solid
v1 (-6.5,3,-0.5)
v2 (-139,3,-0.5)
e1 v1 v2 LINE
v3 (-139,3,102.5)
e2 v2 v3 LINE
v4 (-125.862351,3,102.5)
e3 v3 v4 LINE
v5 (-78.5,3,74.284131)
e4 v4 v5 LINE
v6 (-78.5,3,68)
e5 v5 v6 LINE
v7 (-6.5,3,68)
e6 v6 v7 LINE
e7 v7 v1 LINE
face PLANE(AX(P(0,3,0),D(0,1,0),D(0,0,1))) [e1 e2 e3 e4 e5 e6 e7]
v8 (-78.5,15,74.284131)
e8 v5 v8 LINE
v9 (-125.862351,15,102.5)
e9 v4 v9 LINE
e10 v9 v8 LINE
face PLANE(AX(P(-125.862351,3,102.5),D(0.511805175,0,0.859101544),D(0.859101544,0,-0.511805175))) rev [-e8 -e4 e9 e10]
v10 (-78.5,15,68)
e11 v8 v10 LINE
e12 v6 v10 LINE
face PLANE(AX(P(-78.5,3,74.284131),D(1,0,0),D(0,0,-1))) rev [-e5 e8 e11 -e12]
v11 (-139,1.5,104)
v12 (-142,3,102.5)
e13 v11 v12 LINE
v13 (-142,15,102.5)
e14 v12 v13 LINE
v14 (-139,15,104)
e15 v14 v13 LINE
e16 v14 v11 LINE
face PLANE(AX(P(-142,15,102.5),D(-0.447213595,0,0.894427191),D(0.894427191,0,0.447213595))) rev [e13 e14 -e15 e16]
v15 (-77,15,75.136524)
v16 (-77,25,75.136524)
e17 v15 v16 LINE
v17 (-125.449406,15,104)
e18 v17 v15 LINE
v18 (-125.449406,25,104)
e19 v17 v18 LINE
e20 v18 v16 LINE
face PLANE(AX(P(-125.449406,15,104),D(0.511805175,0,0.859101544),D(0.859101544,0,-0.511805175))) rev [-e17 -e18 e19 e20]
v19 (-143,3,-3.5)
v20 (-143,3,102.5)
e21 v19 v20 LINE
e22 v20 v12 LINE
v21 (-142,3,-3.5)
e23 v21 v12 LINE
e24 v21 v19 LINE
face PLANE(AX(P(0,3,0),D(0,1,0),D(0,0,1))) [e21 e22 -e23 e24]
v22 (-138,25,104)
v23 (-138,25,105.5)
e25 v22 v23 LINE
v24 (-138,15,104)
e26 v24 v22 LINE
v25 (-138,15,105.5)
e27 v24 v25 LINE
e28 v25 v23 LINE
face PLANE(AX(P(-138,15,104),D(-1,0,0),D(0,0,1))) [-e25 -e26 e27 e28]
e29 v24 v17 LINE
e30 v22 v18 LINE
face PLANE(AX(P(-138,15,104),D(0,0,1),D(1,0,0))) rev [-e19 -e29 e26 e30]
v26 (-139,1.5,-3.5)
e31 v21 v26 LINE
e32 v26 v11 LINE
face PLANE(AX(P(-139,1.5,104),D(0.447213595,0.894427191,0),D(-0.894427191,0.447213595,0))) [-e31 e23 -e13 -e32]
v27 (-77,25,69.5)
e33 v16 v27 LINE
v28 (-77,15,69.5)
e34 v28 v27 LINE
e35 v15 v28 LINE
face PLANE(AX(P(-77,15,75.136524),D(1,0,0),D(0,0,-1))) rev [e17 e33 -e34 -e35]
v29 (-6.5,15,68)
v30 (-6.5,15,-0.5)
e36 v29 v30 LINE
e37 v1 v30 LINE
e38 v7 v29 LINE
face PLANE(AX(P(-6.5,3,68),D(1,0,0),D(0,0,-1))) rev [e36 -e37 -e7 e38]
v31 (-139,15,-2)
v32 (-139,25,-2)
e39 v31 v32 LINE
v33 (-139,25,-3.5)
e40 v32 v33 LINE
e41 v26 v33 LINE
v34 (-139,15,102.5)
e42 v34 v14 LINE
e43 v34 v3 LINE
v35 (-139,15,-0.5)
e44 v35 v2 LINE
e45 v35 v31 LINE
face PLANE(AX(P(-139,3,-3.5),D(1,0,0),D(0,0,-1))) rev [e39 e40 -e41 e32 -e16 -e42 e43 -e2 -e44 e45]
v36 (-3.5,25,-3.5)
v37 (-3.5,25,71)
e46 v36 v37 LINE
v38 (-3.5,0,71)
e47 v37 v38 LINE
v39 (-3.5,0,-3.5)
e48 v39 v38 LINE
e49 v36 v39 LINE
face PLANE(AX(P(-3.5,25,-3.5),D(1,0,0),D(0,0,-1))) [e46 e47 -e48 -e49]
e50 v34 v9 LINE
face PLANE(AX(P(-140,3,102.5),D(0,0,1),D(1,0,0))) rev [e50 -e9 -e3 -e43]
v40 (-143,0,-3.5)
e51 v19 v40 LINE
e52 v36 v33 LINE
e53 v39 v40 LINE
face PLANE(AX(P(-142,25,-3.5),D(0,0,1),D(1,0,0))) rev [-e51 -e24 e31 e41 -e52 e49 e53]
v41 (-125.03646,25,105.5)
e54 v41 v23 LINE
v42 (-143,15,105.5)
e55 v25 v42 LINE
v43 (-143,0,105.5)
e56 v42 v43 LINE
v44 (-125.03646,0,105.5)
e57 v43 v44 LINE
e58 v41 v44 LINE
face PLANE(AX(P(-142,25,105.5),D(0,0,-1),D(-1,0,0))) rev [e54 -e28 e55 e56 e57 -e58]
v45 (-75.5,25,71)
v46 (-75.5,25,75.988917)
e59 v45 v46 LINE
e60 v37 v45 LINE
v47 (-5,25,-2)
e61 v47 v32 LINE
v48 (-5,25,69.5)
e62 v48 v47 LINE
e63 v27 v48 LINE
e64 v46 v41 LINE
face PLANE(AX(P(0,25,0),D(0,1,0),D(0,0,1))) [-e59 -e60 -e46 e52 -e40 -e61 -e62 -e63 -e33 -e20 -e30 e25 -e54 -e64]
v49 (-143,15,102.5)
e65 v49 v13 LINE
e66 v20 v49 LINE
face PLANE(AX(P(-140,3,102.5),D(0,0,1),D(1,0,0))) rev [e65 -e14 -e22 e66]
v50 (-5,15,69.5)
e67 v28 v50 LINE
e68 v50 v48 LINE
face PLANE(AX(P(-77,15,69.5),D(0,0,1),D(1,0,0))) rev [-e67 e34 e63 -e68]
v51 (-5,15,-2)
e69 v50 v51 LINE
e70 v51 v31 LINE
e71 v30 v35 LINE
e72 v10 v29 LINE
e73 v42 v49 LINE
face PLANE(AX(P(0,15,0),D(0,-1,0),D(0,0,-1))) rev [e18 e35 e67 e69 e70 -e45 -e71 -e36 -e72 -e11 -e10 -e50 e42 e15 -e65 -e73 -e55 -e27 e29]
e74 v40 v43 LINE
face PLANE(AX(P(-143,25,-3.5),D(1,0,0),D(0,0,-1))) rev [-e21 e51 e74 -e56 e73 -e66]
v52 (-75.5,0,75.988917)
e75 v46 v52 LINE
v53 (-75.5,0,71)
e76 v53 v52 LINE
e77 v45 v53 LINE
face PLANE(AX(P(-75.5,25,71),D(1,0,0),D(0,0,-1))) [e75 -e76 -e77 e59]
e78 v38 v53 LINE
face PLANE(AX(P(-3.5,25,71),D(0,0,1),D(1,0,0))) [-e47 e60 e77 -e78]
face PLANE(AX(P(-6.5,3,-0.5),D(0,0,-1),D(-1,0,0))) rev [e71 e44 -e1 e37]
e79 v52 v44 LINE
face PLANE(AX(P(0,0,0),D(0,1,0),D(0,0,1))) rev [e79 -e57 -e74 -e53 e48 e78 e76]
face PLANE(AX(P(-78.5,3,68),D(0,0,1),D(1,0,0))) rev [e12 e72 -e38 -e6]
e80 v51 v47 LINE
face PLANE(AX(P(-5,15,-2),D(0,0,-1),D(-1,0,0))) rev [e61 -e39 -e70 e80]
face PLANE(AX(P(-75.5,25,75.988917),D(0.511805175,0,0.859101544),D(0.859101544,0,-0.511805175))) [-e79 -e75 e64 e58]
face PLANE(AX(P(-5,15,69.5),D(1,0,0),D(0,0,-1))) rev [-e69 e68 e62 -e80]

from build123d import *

# Parameters (mm, degrees)
BOSS_EXTRUDE1_DEPTH = 25
CUT_EXTRUDE1_DEPTH  = 22
SKETCH7_W           = 4
SKETCH7_H           = 106
CUT_EXTRUDE2_DEPTH  = 22
SKETCH8_W           = 3
SKETCH8_H           = 106
CUT_EXTRUDE3_DEPTH  = 1.5
SKETCH9_W           = 3
SKETCH9_H           = 23.5
CUT_EXTRUDE4_DEPTH  = 1.5
CUT_EXTRUDE5_DEPTH  = 10
BOSS_EXTRUDE2_DEPTH = 13.5
BOSS_EXTRUDE3_DEPTH = 107.5


with BuildPart() as part:
    # PCB → Boss-Extrude1 (new body)
    with BuildSketch(Plane(origin=(0, 0, 0), x_dir=(1, 0, 0), z_dir=(0, 1, 0))):
        Polygon((-3.5, 3.5), (-3.5, -71), (-75.5, -71), (-75.5, -75.988917258), (-125.036460317, -105.5), (-142, -105.5), (-143, -105.5), (-143, 3.5), (-142, 3.5), align=None)
    extrude(amount=BOSS_EXTRUDE1_DEPTH)

    # Sketch4 → Cut-Extrude1 (cut)
    with BuildSketch(Plane(origin=(0, 25, 0), x_dir=(1, 0, 0), z_dir=(0, 1, 0))):
        Polygon((-6.5, 0.5), (-140, 0.5), (-140, -102.5), (-125.862351474, -102.5), (-78.5, -74.284131037), (-78.5, -68), (-6.5, -68), align=None)
    extrude(amount=-CUT_EXTRUDE1_DEPTH, mode=Mode.SUBTRACT)

    # Sketch7 → Cut-Extrude2 (cut)
    with BuildSketch(Plane(origin=(0, 25, 0), x_dir=(1, 0, 0), z_dir=(0, 1, 0))):
        with Locations((-141, -49.5)):
            Rectangle(SKETCH7_W, SKETCH7_H)
    extrude(amount=-CUT_EXTRUDE2_DEPTH, mode=Mode.SUBTRACT)

    # Sketch8 → Cut-Extrude3 (cut)
    with BuildSketch(Plane(origin=(0, 3, 0), x_dir=(1, 0, 0), z_dir=(0, 1, 0))):
        with Locations((-140.5, -49.5)):
            Rectangle(SKETCH8_W, SKETCH8_H)
    extrude(amount=-CUT_EXTRUDE3_DEPTH, mode=Mode.SUBTRACT)

    # Sketch9 → Cut-Extrude4 (cut)
    with BuildSketch(Plane(origin=(0, 0, 102.5), x_dir=(-1, 0, 0), z_dir=(0, 0, -1))):
        with Locations((140.5, 13.25)):
            Rectangle(SKETCH9_W, SKETCH9_H)
    extrude(amount=-CUT_EXTRUDE4_DEPTH, mode=Mode.SUBTRACT)

    # Sketch10 → Cut-Extrude5 (cut)
    with BuildSketch(Plane(origin=(0, 25, 0), x_dir=(1, 0, 0), z_dir=(0, 1, 0))):
        Polygon((-138, -105.5), (-143, -105.5), (-143, -102.5), (-142, -102.5), (-142, -104), (-139, -104), (-139, -102.5), (-125.862351474, -102.5), (-78.5, -74.284131037), (-78.5, -68), (-6.5, -68), (-6.5, 0.5), (-139, 0.5), (-139, 2), (-5, 2), (-5, -69.5), (-77, -69.5), (-77, -75.136524148), (-125.449405895, -104), (-138, -104), align=None)
    extrude(amount=-CUT_EXTRUDE5_DEPTH, mode=Mode.SUBTRACT)

    # Sketch11 → Boss-Extrude2 (add)
    with BuildSketch(Plane(origin=(0, 1.5, 0), x_dir=(1, 0, 0), z_dir=(0, 1, 0))):
        Polygon((-142, -102.5), (-139, -104), (-142, -104), align=None)
    extrude(amount=BOSS_EXTRUDE2_DEPTH)

    # Sketch12 → Boss-Extrude3 (add)
    with BuildSketch(Plane(origin=(0, 0, -3.5), x_dir=(-1, 0, 0), z_dir=(0, 0, -1))):
        Polygon((139, 1.5), (142, 3), (142, 1.5), align=None)
    extrude(amount=-BOSS_EXTRUDE3_DEPTH)


solid = part.part
